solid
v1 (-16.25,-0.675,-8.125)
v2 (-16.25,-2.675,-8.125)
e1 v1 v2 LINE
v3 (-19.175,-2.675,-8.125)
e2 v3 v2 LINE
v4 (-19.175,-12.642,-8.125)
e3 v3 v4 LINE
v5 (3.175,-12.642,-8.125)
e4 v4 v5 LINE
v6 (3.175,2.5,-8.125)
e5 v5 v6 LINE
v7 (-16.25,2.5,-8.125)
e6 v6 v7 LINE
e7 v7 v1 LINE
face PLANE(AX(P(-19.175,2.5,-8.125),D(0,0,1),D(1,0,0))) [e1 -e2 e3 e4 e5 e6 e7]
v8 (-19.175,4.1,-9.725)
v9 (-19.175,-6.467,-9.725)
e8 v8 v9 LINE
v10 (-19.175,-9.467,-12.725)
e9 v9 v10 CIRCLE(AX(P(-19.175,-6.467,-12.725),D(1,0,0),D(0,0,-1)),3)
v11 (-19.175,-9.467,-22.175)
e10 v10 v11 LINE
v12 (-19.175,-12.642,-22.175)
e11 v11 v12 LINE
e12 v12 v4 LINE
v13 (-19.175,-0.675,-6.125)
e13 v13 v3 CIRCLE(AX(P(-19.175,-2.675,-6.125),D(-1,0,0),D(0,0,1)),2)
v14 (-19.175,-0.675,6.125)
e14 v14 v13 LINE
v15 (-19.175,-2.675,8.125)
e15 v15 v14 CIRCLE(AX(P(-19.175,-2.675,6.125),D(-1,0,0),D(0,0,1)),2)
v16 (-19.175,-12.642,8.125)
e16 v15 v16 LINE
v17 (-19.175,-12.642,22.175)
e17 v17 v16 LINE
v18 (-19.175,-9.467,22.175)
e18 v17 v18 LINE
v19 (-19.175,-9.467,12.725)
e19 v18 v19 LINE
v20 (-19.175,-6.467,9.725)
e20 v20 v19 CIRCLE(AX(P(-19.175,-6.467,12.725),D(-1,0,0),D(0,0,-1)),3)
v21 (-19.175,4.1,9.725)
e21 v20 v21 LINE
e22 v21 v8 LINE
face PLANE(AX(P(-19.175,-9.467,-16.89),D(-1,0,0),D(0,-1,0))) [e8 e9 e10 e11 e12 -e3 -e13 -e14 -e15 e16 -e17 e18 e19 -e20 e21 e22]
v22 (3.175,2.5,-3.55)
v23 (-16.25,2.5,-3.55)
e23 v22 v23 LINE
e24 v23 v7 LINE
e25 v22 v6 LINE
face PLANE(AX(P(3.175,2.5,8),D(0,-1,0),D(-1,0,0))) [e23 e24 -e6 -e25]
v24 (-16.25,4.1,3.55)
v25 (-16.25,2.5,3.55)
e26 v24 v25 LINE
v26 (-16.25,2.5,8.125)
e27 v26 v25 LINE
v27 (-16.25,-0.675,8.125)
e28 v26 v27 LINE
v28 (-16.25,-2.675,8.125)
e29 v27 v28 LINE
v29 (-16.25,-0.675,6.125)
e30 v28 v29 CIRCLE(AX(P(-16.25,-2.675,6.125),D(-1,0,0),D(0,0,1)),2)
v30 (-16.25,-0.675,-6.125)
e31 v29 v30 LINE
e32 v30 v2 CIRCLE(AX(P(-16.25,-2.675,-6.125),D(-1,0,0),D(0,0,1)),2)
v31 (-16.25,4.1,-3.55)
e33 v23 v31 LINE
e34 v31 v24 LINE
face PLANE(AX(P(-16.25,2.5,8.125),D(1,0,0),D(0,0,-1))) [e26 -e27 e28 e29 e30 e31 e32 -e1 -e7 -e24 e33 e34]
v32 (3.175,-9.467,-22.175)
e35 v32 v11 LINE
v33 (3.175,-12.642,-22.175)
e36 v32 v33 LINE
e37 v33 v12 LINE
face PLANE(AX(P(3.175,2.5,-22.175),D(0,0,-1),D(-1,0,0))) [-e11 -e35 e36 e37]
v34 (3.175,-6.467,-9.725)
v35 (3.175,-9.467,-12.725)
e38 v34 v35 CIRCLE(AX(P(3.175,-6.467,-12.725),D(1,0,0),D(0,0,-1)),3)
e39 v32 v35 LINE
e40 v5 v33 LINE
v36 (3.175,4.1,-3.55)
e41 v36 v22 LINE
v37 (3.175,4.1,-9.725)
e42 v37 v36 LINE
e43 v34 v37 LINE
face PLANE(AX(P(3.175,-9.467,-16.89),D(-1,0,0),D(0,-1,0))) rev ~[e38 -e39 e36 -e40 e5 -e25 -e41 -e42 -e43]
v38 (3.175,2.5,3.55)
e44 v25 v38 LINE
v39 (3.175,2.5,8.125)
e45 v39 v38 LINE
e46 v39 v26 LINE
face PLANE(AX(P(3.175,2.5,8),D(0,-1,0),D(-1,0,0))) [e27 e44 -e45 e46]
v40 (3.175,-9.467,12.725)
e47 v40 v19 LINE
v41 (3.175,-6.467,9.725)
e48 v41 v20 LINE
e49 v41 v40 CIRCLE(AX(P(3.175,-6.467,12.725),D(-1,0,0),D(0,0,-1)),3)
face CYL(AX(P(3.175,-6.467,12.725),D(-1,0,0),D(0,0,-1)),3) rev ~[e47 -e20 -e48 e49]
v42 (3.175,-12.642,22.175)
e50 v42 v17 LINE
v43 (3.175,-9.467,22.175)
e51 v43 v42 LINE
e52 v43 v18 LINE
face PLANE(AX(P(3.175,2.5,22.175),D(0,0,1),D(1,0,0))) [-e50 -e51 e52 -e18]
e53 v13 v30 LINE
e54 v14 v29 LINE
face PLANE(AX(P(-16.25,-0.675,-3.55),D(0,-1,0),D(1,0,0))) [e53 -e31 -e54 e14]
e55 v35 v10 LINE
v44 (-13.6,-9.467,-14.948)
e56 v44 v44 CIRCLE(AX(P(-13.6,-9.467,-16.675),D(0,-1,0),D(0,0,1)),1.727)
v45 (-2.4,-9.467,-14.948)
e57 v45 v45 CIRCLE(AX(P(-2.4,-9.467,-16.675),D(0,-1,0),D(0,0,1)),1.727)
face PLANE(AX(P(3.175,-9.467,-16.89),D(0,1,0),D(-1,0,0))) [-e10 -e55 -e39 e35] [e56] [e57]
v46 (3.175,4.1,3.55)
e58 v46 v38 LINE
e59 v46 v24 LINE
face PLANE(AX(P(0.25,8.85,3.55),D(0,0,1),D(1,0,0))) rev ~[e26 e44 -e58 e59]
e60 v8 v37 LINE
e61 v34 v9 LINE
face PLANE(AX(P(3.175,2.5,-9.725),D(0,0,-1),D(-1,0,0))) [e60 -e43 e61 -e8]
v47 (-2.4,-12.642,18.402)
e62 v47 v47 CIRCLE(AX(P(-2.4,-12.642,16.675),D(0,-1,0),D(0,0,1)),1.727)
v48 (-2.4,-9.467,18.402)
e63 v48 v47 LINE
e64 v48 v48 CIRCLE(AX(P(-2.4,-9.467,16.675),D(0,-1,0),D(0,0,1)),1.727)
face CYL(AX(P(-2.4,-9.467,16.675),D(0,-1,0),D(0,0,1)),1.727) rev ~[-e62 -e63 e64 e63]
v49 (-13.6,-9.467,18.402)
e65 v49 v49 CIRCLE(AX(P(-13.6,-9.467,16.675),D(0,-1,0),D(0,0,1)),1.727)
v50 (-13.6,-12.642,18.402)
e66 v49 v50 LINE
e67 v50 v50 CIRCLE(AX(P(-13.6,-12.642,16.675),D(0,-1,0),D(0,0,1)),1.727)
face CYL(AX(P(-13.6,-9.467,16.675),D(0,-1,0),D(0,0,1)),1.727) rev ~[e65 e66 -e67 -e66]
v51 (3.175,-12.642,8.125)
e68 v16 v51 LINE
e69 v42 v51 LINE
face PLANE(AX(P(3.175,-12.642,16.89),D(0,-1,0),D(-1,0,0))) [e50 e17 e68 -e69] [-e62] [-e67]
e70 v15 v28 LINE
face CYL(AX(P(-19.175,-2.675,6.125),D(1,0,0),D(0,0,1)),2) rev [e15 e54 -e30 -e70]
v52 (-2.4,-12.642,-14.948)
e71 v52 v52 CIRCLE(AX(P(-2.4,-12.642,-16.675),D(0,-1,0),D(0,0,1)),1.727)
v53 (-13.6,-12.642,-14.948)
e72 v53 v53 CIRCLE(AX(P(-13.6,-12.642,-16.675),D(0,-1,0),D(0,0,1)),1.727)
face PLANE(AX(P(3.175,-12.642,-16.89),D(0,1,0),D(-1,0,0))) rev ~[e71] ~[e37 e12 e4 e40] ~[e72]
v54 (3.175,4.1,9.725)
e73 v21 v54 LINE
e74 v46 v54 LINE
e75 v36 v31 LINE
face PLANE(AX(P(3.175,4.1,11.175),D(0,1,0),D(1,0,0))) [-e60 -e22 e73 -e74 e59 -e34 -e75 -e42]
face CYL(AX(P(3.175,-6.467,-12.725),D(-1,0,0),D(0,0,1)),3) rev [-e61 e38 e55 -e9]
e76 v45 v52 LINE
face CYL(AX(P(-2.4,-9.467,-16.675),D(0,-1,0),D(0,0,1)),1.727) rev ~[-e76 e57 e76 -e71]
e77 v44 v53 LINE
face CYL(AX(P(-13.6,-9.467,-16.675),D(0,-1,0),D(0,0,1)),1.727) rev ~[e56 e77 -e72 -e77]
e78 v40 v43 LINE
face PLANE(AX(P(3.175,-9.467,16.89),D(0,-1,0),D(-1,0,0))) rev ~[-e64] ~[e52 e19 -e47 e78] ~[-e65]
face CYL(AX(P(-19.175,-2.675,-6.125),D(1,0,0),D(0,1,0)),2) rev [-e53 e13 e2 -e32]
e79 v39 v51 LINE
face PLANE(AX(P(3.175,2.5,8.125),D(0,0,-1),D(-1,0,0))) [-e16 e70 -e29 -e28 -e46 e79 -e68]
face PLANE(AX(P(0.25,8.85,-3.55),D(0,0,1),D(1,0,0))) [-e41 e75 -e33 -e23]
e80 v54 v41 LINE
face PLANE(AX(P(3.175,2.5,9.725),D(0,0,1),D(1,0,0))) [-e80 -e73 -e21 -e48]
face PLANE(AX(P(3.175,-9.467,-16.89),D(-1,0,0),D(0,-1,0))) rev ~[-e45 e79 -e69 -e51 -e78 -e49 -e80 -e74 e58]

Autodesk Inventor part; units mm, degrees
ref_plane "YZ Plane" through (0, 0, 0) normal (1, 0, 0) x (0, 1, 0)
ref_plane "XZ Plane" through (0, 0, 0) normal (0, 1, 0) x (-1, 0, 0)
ref_plane "XY Plane" through (0, 0, 0) normal (0, 0, 1) x (1, 0, 0)
sketch "Sketch1" plane through (0, 0, 0) normal (1, 0, 0) x (0, 1, 0)
  line L0 (2.5, 8) -> (-2.5, -8) construction
  line L1 (-2.5, 8) -> (2.5, -8) construction
  line L2 (2.5, 8) -> (2.5, 3.55)
  line L3 (2.5, -8) -> (2.5, -3.55)
  line L4 (-2.5, 0) -> (0.675, 0)
  line L5 (2.5, 8) -> (8.85, 8)
  line L6 (8.85, 8) -> (8.85, -8)
  line L7 (8.85, -8) -> (2.5, -8)
  arc A0 (2.5, -3.55) -> (2.5, 3.55) centre (0.675, 0) ccw
  line L8 (2.5, -8) -> (2.5, -3.55)
  line L9 (2.5, 3.55) -> (2.5, 8)
  point P0 (0, 0)
  dimension "d0" = 5
  dimension "d1" = 16
  dimension "d2" = 4.45
  dimension "d4" = 3.175
  dimension "d7" = 6.35
extrude "Extrusion1" add sketch "Sketch1" along normal blind 3.175
sketch "Sketch2" plane through (0, 0, 0) normal (-1, 0, 0) x (0, 0, 1)
  line L0 (-8, 8.85) -> (8, 8.85) projected
  line L1 (8, 2.5) -> (3.55, 2.5) projected
  line L2 (-8, 8.85) -> (8, 8.85)
  line L3 (8, 8.85) -> (8, 2.5)
  line L4 (8, 2.5) -> (-8, 2.5)
  line L5 (-8, 2.5) -> (-8, 8.85)
  point P0 (0, 0)
extrude "Extrusion2" add sketch "Sketch2" along normal blind 16
sketch "Sketch3" plane through (-16, 0, 0) normal (-1, 0, 0) x (0, 0, 1)
  line L0 (-8, 2.5) -> (-8, 8.85) projected
  line L1 (8, 2.5) -> (3.55, 2.5) projected
  line L2 (-8, 8.85) -> (8, 8.85)
  line L3 (8, 8.85) -> (8, 2.5)
  line L4 (8, 2.5) -> (-8, 2.5)
  line L5 (-8, 2.5) -> (-8, 8.85)
  point P0 (0, 0)
extrude "Extrusion3" add sketch "Sketch3" along normal blind 3.175
sketch "Sketch4" plane through (3.175, 2.5, 3.55) normal (0, -1, 0) x (1, 0, 0)
  line L0 (-22.35, -11.55) -> (-22.35, 4.45) projected
  line L1 (-3.175, -7.1) -> (0, -7.1) projected
  line L2 (-19.175, 0) -> (-3.175, 0)
  line L3 (-3.175, 0) -> (-3.175, -7.1)
  line L4 (-3.175, -7.1) -> (-19.175, -7.1)
  line L5 (-19.175, -7.1) -> (-19.175, 0)
  line L6 (-19.175, 0) -> (-3.175, -7.1) construction
  line L7 (-3.175, 0) -> (-19.175, -7.1) construction
  point P0 (-3.175, -3.55)
extrude "Extrusion4" cut sketch "Sketch4" against normal through all
sketch "Sketch5" plane through (-16, 2.5, 3.55) normal (1, 0, 0) x (0, 0, -1)
  line L0 (0, 6.35) -> (7.1, 6.35) projected
  line L1 (0, 0) -> (7.1, 0)
  line L2 (7.1, 0) -> (7.1, 6.35)
  line L3 (7.1, 6.35) -> (0, 6.35)
  line L4 (0, 6.35) -> (0, 0)
  point P0 (3.55, -2.5)
extrude "Extrusion5" cut sketch "Sketch5" against normal blind 0.25
sketch "Sketch6" plane through (0, 0.675, 0) normal (-1, 0, 0) x (0, 0, 1)
  line L0 (-3.55, 1.825) -> (-3.55, 8.175) projected
  line L1 (3.55, 1.825) -> (3.55, 8.175) projected
  line L2 (-3.55, 1.825) -> (3.55, 1.825)
  line L3 (3.55, 1.825) -> (3.55, 8.175)
  line L4 (3.55, 8.175) -> (-3.55, 8.175)
  line L5 (-3.55, 8.175) -> (-3.55, 1.825)
  point P0 (0, -0.675)
extrude "Extrusion6" cut sketch "Sketch6" against normal blind 0.25
sketch "Sketch7" plane through (3.175, 2.5, 8) normal (0, 0, 1) x (1, 0, 0)
  line L0 (-22.35, 6.35) -> (0, 6.35)
  line L1 (0, 6.35) -> (0, 0)
  line L2 (0, 0) -> (-22.35, 0)
  line L3 (-22.35, 0) -> (-22.35, 6.35)
  point P0 (-3.175, -2.5)
extrude "Extrusion7" add sketch "Sketch7" along normal blind 3.175
sketch "Sketch8" plane through (3.175, 2.5, -8) normal (0, 0, -1) x (-1, 0, 0)
  line L0 (0, 6.35) -> (22.35, 6.35) projected
  line L1 (22.35, 6.35) -> (22.35, 0) projected
  line L2 (0, 6.35) -> (22.35, 6.35)
  line L3 (22.35, 6.35) -> (22.35, 0)
  line L4 (22.35, 0) -> (0, 0)
  line L5 (0, 0) -> (0, 6.35)
  point P0 (3.175, -2.5)
extrude "Extrusion8" add sketch "Sketch8" along normal blind 3.175
sketch "Sketch9" plane through (-16.25, 2.5, -3.55) normal (0, -1, 0) x (1, 0, 0)
  line L0 (19.425, -7.625) -> (-2.925, -7.625) projected
  line L1 (-2.925, 14.725) -> (-2.925, -7.625) projected
  line L2 (19.425, -7.625) -> (-2.925, -7.625)
  line L3 (-2.925, -7.625) -> (-2.925, -4.45)
  line L4 (-2.925, -4.45) -> (19.425, -4.45)
  line L5 (19.425, -4.45) -> (19.425, -7.625)
  line L6 (19.425, 7.1) -> (19.425, 14.725) projected
  line L7 (-2.925, 14.725) -> (19.425, 14.725)
  line L8 (19.425, 14.725) -> (19.425, 11.55)
  line L9 (19.425, 11.55) -> (-2.925, 11.55)
  line L10 (-2.925, 11.55) -> (-2.925, 14.725)
  point P0 (16.25, 3.55)
  dimension "d26" = 3.175
  dimension "d27" = 3.175
extrude "Extrusion9" add sketch "Sketch9" along normal blind 15.142
sketch "Sketch10" plane through (3.175, 2.5, 11.175) normal (0, 0, 1) x (1, 0, 0)
  line L0 (0, -15.142) -> (-22.35, -15.142) projected
  line L1 (0, 0) -> (0, -15.142) projected
  line L2 (-22.35, -15.142) -> (0, -15.142)
  line L3 (0, -15.142) -> (0, -11.967)
  line L4 (0, -11.967) -> (-22.35, -11.967)
  line L5 (-22.35, -11.967) -> (-22.35, -15.142)
  point P0 (-3.175, -2.5)
  dimension "d30" = 3.175
extrude "Extrusion10" add sketch "Sketch10" along normal blind 5.715
sketch "Sketch11" plane through (3.175, 2.5, -11.175) normal (0, 0, -1) x (-1, 0, 0)
  line L0 (22.35, -15.142) -> (0, -15.142) projected
  line L1 (22.35, 0) -> (22.35, -15.142) projected
  line L2 (0, -15.142) -> (22.35, -15.142)
  line L3 (22.35, -15.142) -> (22.35, -11.967)
  line L4 (22.35, -11.967) -> (0, -11.967)
  line L5 (0, -11.967) -> (0, -15.142)
  point P0 (3.175, -2.5)
  dimension "d33" = 3.175
extrude "Extrusion11" add sketch "Sketch11" along normal blind 5.715
chamfer "Chamfer1" [suppressed]
sketch "Sketch14" plane through (3.175, 2.5, 16.89) normal (0, 0, 1) x (1, 0, 0)
  line L0 (0, -11.967) -> (-22.35, -11.967) projected
  line L1 (0, 0) -> (0, -15.142) projected
  line L2 (-22.35, -11.967) -> (0, -11.967)
  line L3 (0, -11.967) -> (0, -15.142)
  line L4 (0, -15.142) -> (-22.35, -15.142)
  line L5 (-22.35, -15.142) -> (-22.35, -11.967)
  point P0 (-3.175, -2.5)
extrude "Extrusion12" add sketch "Sketch14" along normal blind 5.285
sketch "Sketch15" plane through (3.175, 2.5, -16.89) normal (0, 0, -1) x (-1, 0, 0)
  line L0 (0, -11.967) -> (0, -15.142) projected
  line L1 (0, -15.142) -> (22.35, -15.142) projected
  line L2 (0, -11.967) -> (22.35, -11.967)
  line L3 (22.35, -11.967) -> (22.35, -15.142)
  line L4 (22.35, -15.142) -> (0, -15.142)
  line L5 (0, -15.142) -> (0, -11.967)
  point P0 (3.175, -2.5)
extrude "Extrusion13" add sketch "Sketch15" along normal blind 5.285
sketch "Sketch16" plane through (-19.175, -9.467, -11.175) normal (0, 1, 0) x (1, 0, 0)
  point P0 (19.175, -11.175)
chamfer "Chamfer2" distance 3 angle 45 2 edges at (-8, 8.85, 11.175) (-8, 8.85, -11.175)
sketch "Sketch20" plane through (-19.175, 2.5, -8) normal (0, 0, 1) x (1, 0, 0)
  line L0 (0, -15.142) -> (22.35, -15.142)
  line L1 (22.35, -15.142) -> (22.35, 0)
  line L2 (22.35, 0) -> (0, 0)
  line L3 (0, 0) -> (0, -15.142)
  point P0 (19.175, -2.5)
extrude "Extrusion17" cut sketch "Sketch20" against normal blind 0.125
sketch "Sketch21" plane through (3.175, 2.5, 8) normal (0, 0, -1) x (-1, 0, 0)
  line L0 (22.35, 0) -> (22.35, -15.142) projected
  line L1 (0, 0) -> (0, -15.142) projected
  line L2 (22.35, -15.142) -> (0, -15.142)
  line L3 (0, -15.142) -> (0, 0)
  line L4 (0, 0) -> (22.35, 0)
  line L5 (22.35, 0) -> (22.35, -15.142)
  point P0 (3.175, -2.5)
  point P1 (0, -15.142)
extrude "Extrusion18" cut sketch "Sketch21" against normal blind 0.125
sketch "Sketch22" plane through (-19.175, 8.85, -8.175) normal (0, 1, 0) x (1, 0, 0)
  line L0 (19.425, -11.725) -> (22.35, -11.725) projected
  line L1 (19.425, -4.625) -> (22.35, -4.625) projected
  line L2 (19.425, -11.725) -> (22.35, -11.725)
  line L3 (22.35, -11.725) -> (22.35, -4.625)
  line L4 (22.35, -4.625) -> (19.425, -4.625)
  line L5 (19.425, -4.625) -> (19.425, -11.725)
  point P0 (19.175, -8.175)
extrude "Extrusion19" cut sketch "Sketch22" against normal through all
sketch "Sketch23" plane through (-19.175, -9.467, 11.175) normal (0, 1, 0) x (1, 0, 0)
  line L0 (0, 0) -> (0, -11) projected
  line L1 (22.35, 0) -> (22.35, -11) projected
  point P0 (19.175, 11.175)
  point P1 (5.575, -5.5)
  point P2 (16.775, -5.5)
sketch "Sketch24" plane through (-19.175, -9.467, -11.175) normal (0, 1, 0) x (1, 0, 0)
  line L0 (22.35, 0) -> (22.35, 11) projected
  line L1 (0, 0) -> (0, 11) projected
  point P0 (19.175, -11.175)
  point P1 (16.775, 5.5)
  point P2 (5.575, 5.5)
hole "Hole1" at (-13.6, -9.467, -16.675) direction (0, -1, 0) diameter 3.454 end through all clearance for "Flat Head Machine Screw (82)" size "#4" standard "Ansi Unified Screw Threads"
hole "Hole2" at (-2.4, -9.467, -16.675) direction (0, -1, 0) diameter 3.454 end through all clearance for "Flat Head Machine Screw (82)" size "#4" standard "Ansi Unified Screw Threads"
hole "Hole3" at (-2.4, -9.467, 16.675) direction (0, -1, 0) diameter 3.454 end through all clearance for "Flat Head Machine Screw (82)" size "#4" standard "Ansi Unified Screw Threads"
hole "Hole4" at (-13.6, -9.467, 16.675) direction (0, -1, 0) diameter 3.454 end through all clearance for "Flat Head Machine Screw (82)" size "#4" standard "Ansi Unified Screw Threads"
sketch "Sketch25" plane through (3.175, 0, 0) normal (1, 0, 0) x (0, 0, -1)
  line L0 (3.55, 5.0908) -> (8.175, 5.0908)
  line L1 (8.175, 8.85) -> (-8.175, 8.85) projected
  line L2 (8.175, 5.0908) -> (8.175, 8.85)
  line L3 (8.175, 8.85) -> (3.55, 8.85)
  line L4 (3.55, 8.85) -> (8.175, 8.85)
  line L5 (8.175, 8.85) -> (8.175, 5.0908)
  line L6 (8.175, 5.0908) -> (3.55, 5.0908)
  line L7 (3.55, 5.0908) -> (3.55, 8.85)
  point P0 (0, 0)
  point P1 (3.55, 2.5)
  dimension "d102" = 2.5908
extrude "Extrusion20" [suppressed]
chamfer "Chamfer3" [suppressed]
sketch "Sketch26" plane through (3.175, 0, 0) normal (1, 0, 0) x (0, 0, -1)
  line L0 (3.55, 2.5) -> (-3.55, 2.5) projected
  line L1 (-3.55, 2.5) -> (-3.55, 5.675)
  line L2 (-3.55, 2.5) -> (-3.55, 8.85) projected
  line L3 (-3.55, 5.675) -> (-11.175, 5.675)
  line L4 (-11.175, 5.85) -> (-11.175, -9.467) projected
  line L5 (-11.175, 5.85) -> (-8.175, 8.85)
  line L6 (-8.175, 8.85) -> (-3.55, 8.85)
  line L7 (3.55, 8.85) -> (3.55, 2.5) projected
  line L8 (3.55, 2.5) -> (3.55, 5.675)
  line L9 (3.55, 5.675) -> (11.175, 5.675)
  line L10 (11.175, 5.85) -> (11.175, -9.467) projected
  line L11 (11.175, 5.85) -> (8.175, 8.85)
  line L12 (11.175, 5.85) -> (8.175, 8.85) projected
  line L13 (8.175, 8.85) -> (3.55, 8.85)
  line L14 (3.55, 8.85) -> (3.55, 5.675)
  point P0 (0, 0)
  dimension "d109" = 3.175
  dimension "d110" = 3.175
extrude "Extrusion21" cut sketch "Sketch26" against normal through all
sketch "Sketch27" plane through (-19.175, 8.85, -3.55) normal (0, 1, 0) x (1, 0, 0)
  line L0 (2.925, 0) -> (2.925, -7.1) projected
  line L1 (0, 0) -> (2.925, 0)
  line L2 (2.925, 0) -> (2.925, -7.1)
  line L3 (2.925, -7.1) -> (0, -7.1)
  line L4 (0, -7.1) -> (0, 0)
  point P0 (19.175, -3.55)
extrude "Extrusion22" cut sketch "Sketch27" against normal blind 3.175
sketch "Sketch28" plane through (-16.25, 2.5, -3.55) normal (0, -1, 0) x (1, 0, 0)
  line L0 (-2.925, 11.675) -> (-2.925, -4.575) projected
  line L1 (-2.925, -4.575) -> (19.425, -4.575) projected
  line L2 (-2.925, 11.675) -> (0, 11.675)
  line L3 (0, 11.675) -> (0, -4.575)
  line L4 (0, -4.575) -> (-2.925, -4.575)
  line L5 (-2.925, -4.575) -> (-2.925, 11.675)
  point P0 (16.25, 3.55)
  dimension "d115" = 2.925
extrude "Extrusion23" add sketch "Sketch28" along normal blind 3.175
chamfer "Chamfer4" [suppressed]
sketch "Sketch29" plane through (-16.25, -12.642, -3.55) normal (0, -1, 0) x (1, 0, 0)
  line L0 (-2.925, 11.675) -> (19.425, 11.675) projected
  line L1 (19.425, -4.575) -> (-2.925, -4.575) projected
  line L2 (19.425, 11.675) -> (-2.925, 11.675)
  line L3 (-2.925, 11.675) -> (-2.925, -4.575)
  line L4 (-2.925, -4.575) -> (19.425, -4.575)
  line L5 (19.425, -4.575) -> (19.425, 11.675)
  point P0 (16.25, 3.55)
extrude "Extrusion24" [suppressed]
sketch "Sketch30" plane through (-16.25, -12.642, -3.55) normal (0, -1, 0) x (1, 0, 0)
  line L0 (-2.925, 11.675) -> (19.425, 11.675) projected
  line L1 (-2.925, -4.575) -> (-2.925, -18.625) projected
  line L2 (19.425, 11.675) -> (-2.925, 11.675)
  line L3 (-2.925, 11.675) -> (-2.925, -4.575)
  line L4 (-2.925, -4.575) -> (19.425, -4.575)
  line L5 (19.425, -4.575) -> (19.425, 11.675)
  point P0 (16.25, 3.55)
extrude "Extrusion25" [suppressed]
sketch "Sketch31" plane through (3.175, 5.675, 11.175) normal (0, 1, 0) x (1, 0, 0)
  line L0 (-19.425, 14.725) -> (-19.425, 7.625) projected
  line L1 (0, 14.725) -> (-19.425, 14.725)
  line L2 (-19.425, 14.725) -> (-19.425, 7.625)
  line L3 (-19.425, 7.625) -> (0, 7.625) projected
  line L4 (-19.425, 7.625) -> (0, 7.625)
  line L5 (0, 7.625) -> (0, 0)
  line L6 (0, 0) -> (-22.35, 0) projected
  line L7 (0, 0) -> (-22.35, 0)
  line L8 (-22.35, 0) -> (-22.35, 22.35) projected
  line L9 (-22.35, 0) -> (-22.35, 22.35)
  line L10 (-22.35, 22.35) -> (0, 22.35)
  line L11 (0, 22.35) -> (0, 14.725)
  point P0 (-3.175, 11.175)
extrude "Extrusion26" cut sketch "Sketch31" against normal blind 0.5
sketch "Sketch32" plane through (3.175, 5.175, 11.175) normal (0, 1, 0) x (1, 0, 0)
  line L0 (0, 22.35) -> (-22.35, 22.35) projected
  line L1 (-22.35, 0) -> (0, 0) projected
  line L2 (-22.35, 22.35) -> (0, 22.35)
  line L3 (0, 22.35) -> (0, 0)
  line L4 (0, 0) -> (-22.35, 0)
  line L5 (-22.35, 0) -> (-22.35, 22.35)
  point P0 (-3.175, 11.175)
extrude "Extrusion27" cut sketch "Sketch32" against normal blind 1.075
sketch "Sketch33" plane through (3.175, 2.5, 11.175) normal (0, 0, 1) x (1, 0, 0)
  line L0 (-22.35, 1.6) -> (0, 1.6) projected
  line L1 (0, -11.967) -> (0, -15.142) projected
  line L2 (-22.35, 1.6) -> (0, 1.6)
  line L3 (0, 1.6) -> (0, -11.967)
  line L4 (0, -11.967) -> (-22.35, -11.967)
  line L5 (-22.35, -11.967) -> (-22.35, 1.6)
  point P0 (-3.175, -2.5)
extrude "Extrusion28" cut sketch "Sketch33" against normal blind 1.45
sketch "Sketch34" plane through (3.175, 2.5, -11.175) normal (0, 0, -1) x (-1, 0, 0)
  line L0 (0, -11.967) -> (22.35, -11.967) projected
  line L1 (22.35, 1.6) -> (0, 1.6) projected
  line L2 (22.35, -11.967) -> (0, -11.967)
  line L3 (0, -11.967) -> (0, 1.6)
  line L4 (0, 1.6) -> (22.35, 1.6)
  line L5 (22.35, 1.6) -> (22.35, -11.967)
  point P0 (3.175, -2.5)
extrude "Extrusion29" cut sketch "Sketch34" against normal blind 1.45
fillet "Fillet1" radius 3 2 edges at (-8, -9.467, 9.725) (-8, -9.467, -9.725)
fillet "Fillet2" radius 2 2 edges at (-17.7125, -0.675, -8.125) (-17.7125, -0.675, 8.125)
properties part number "peltierclip_ledgereod2"
